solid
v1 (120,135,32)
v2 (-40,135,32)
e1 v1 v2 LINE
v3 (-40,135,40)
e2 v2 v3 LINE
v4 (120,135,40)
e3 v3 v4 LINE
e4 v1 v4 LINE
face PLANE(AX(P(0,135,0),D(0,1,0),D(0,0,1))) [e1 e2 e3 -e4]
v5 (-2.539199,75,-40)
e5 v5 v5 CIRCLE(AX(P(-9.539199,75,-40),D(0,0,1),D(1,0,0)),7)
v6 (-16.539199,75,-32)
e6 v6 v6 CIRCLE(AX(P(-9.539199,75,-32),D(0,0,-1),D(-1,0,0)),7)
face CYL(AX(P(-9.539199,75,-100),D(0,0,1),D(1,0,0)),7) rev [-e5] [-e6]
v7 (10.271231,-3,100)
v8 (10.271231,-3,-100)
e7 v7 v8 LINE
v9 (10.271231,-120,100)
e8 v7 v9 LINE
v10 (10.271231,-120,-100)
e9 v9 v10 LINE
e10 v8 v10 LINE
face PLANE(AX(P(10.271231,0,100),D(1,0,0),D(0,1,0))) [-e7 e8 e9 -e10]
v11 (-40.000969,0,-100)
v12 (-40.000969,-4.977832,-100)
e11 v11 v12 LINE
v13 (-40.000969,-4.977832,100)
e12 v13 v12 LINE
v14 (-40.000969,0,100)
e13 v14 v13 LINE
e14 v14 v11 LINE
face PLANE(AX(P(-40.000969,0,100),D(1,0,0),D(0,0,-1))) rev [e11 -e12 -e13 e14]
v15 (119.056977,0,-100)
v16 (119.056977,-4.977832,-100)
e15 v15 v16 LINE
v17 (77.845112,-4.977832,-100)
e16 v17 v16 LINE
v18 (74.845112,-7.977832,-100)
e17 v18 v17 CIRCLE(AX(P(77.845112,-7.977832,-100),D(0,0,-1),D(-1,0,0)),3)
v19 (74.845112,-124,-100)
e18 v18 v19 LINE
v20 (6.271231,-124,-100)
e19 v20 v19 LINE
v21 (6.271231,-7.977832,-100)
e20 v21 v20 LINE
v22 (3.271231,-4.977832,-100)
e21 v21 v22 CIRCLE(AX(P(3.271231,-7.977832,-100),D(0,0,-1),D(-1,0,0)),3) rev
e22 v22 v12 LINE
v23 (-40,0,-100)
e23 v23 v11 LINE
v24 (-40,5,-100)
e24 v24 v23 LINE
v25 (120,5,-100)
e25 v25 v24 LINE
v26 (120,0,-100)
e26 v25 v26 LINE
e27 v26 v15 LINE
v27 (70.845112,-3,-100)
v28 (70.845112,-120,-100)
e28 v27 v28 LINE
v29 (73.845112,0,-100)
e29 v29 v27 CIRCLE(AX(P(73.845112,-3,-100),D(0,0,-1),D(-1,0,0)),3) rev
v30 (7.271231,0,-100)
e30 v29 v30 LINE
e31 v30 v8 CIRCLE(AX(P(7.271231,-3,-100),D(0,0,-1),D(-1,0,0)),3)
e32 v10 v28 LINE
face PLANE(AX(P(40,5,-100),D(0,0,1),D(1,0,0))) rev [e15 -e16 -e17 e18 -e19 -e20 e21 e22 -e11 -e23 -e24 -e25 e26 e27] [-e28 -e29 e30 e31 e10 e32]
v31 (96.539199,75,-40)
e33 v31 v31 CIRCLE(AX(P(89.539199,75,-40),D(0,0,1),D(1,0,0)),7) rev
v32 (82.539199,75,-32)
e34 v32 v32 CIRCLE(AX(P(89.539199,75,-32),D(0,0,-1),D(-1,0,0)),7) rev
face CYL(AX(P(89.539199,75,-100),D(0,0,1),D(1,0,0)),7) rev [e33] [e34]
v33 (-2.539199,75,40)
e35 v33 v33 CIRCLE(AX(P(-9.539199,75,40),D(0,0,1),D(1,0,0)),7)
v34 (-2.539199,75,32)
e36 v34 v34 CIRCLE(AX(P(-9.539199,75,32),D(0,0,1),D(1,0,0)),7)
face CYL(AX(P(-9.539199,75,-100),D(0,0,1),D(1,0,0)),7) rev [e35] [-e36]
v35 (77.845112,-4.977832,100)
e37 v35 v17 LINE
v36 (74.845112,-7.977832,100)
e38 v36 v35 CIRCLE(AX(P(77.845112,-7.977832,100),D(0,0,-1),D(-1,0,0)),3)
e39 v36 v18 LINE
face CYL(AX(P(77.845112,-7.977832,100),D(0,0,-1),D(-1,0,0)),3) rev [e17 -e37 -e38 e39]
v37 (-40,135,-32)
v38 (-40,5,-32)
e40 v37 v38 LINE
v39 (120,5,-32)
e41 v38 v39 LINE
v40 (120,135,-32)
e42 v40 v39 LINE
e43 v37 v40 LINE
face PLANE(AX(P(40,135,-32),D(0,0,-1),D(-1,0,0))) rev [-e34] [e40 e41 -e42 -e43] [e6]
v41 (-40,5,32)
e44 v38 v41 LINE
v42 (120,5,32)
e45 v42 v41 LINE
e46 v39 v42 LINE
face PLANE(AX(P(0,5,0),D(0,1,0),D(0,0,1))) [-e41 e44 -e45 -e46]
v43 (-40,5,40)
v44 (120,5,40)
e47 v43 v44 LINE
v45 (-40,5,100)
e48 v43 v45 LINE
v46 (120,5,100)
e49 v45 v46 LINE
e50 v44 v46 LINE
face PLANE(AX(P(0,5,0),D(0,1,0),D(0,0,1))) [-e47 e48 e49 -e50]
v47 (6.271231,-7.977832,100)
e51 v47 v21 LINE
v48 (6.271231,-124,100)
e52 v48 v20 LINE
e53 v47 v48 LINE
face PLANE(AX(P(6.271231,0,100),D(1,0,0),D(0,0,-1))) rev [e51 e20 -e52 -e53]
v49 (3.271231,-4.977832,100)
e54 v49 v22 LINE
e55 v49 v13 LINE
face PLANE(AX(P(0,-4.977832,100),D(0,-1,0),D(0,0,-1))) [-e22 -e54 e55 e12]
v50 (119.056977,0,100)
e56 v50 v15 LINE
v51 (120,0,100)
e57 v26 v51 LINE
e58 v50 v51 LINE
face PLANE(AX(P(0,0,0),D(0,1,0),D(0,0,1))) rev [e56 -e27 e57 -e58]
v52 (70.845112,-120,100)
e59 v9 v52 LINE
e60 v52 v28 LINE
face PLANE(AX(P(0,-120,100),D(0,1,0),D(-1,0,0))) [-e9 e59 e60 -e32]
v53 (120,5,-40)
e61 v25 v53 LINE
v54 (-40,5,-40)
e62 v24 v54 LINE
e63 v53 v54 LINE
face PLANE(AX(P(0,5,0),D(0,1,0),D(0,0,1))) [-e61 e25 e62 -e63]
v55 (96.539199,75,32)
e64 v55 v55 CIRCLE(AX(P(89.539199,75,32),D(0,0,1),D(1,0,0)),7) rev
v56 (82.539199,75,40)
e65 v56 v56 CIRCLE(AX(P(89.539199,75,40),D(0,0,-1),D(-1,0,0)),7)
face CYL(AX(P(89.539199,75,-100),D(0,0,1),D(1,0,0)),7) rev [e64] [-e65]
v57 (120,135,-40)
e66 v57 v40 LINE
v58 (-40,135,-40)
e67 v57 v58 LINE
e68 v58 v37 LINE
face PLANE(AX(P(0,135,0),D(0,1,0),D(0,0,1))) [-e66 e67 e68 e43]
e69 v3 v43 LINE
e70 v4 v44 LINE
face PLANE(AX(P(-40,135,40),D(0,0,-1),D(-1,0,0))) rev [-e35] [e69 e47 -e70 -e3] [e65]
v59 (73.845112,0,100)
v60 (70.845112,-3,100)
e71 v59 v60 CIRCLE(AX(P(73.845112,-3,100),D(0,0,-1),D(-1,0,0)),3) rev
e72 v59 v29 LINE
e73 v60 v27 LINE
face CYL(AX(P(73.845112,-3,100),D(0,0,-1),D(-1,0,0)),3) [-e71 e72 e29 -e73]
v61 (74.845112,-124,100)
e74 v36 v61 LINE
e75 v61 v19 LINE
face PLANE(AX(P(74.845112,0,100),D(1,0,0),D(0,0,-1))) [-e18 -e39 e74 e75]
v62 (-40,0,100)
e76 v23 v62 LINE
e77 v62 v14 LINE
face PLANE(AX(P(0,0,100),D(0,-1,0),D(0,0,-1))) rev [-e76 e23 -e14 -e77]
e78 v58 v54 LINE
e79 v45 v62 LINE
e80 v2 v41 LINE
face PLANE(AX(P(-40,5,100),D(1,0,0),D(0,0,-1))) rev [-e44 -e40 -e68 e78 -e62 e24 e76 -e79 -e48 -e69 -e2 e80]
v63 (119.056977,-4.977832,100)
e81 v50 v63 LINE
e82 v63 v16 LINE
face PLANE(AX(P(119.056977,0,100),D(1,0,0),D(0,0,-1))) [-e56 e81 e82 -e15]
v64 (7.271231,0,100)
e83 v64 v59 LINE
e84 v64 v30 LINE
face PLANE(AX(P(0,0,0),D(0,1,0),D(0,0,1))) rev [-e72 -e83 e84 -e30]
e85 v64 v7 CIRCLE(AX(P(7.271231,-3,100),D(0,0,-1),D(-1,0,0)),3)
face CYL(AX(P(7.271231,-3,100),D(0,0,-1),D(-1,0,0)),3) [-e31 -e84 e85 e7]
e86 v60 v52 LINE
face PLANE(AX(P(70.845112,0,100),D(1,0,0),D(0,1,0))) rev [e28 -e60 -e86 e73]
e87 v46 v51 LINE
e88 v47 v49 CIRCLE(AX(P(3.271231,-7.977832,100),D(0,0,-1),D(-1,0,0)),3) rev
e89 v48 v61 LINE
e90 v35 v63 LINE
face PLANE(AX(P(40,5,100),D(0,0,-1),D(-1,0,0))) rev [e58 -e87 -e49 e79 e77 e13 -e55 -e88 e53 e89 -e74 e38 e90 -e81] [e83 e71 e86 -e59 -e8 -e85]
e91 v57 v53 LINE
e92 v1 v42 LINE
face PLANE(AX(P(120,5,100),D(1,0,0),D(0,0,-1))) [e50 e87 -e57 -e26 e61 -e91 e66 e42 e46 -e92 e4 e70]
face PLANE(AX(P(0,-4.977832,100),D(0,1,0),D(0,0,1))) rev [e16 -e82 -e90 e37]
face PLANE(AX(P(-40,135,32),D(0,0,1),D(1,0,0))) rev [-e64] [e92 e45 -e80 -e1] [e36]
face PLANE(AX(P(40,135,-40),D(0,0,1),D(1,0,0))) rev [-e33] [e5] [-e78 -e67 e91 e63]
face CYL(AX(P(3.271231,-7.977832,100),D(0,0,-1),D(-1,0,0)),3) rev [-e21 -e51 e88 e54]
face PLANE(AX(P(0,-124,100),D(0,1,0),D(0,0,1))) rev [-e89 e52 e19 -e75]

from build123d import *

# Parameters (mm, degrees)
CROQUIS1_W              = 80
CROQUIS1_H              = 200
SALIENTE_EXTRUIR1_DEPTH = 5
CROQUIS2_W              = 80
CROQUIS2_H              = 8
SALIENTE_EXTRUIR2_DEPTH = 130
CROQUIS3_R              = 7
CORTAR_EXTRUIR1_DEPTH   = 199.557296517
SALIENTE_EXTRUIR3_DEPTH = 200


with BuildPart() as part:
    # Croquis1 → Saliente-Extruir1 (new body)
    with BuildSketch(Plane(origin=(0, 0, 0), x_dir=(1, 0, 0), z_dir=(0, 1, 0))):
        Rectangle(CROQUIS1_W, CROQUIS1_H)
    saliente_extruir1 = extrude(amount=SALIENTE_EXTRUIR1_DEPTH)

    # Croquis2 → Saliente-Extruir2 (add)
    with BuildSketch(Plane(origin=(0, 5, 0), x_dir=(1, 0, 0), z_dir=(0, 1, 0))):
        with Locations((0, -36)):
            Rectangle(CROQUIS2_W, CROQUIS2_H)
        with Locations((0, 36)):
            Rectangle(CROQUIS2_W, CROQUIS2_H)
    saliente_extruir2 = extrude(amount=SALIENTE_EXTRUIR2_DEPTH)

    # Croquis3 → Cortar-Extruir1 (cut, through all)
    with BuildSketch(Plane.XY.offset(40)):
        with Locations((-9.539199318, 75)):
            Circle(CROQUIS3_R)
    cortar_extruir1 = extrude(amount=-CORTAR_EXTRUIR1_DEPTH, mode=Mode.SUBTRACT)

    # Simetría1: Saliente-Extruir1, Saliente-Extruir2, Cortar-Extruir1 across plane
    add(saliente_extruir1.mirror(Plane(origin=(40, 5, 100), x_dir=(0, 0, 1), z_dir=(-1, 0, 0))))
    add(saliente_extruir2.mirror(Plane(origin=(40, 5, 100), x_dir=(0, 0, 1), z_dir=(-1, 0, 0))))
    add(cortar_extruir1.mirror(Plane(origin=(40, 5, 100), x_dir=(0, 0, 1), z_dir=(-1, 0, 0))), mode=Mode.SUBTRACT)

    # Croquis4 → Saliente-Extruir3 (add)
    with BuildSketch(Plane(origin=(0, 0, -100), x_dir=(-1, 0, 0), z_dir=(0, 0, -1))):
        with BuildLine():
            Line((-6.271231435, -124), (-6.271231435, -7.977831946))
            ThreePointArc((-6.271231435, -7.977831946), (-5.392551778, -5.856511602), (-3.271231435, -4.977831946))
            Line((-3.271231435, -4.977831946), (40.000969046, -4.977831946))
            Line((40.000969046, -4.977831946), (40.000969046, 0))
            Line((40.000969046, 0), (40, 0))
            Line((40, 0), (-7.271231435, 0))
            ThreePointArc((-7.271231435, 0), (-9.392551778, -0.878679656), (-10.271231435, -3))
            Line((-10.271231435, -3), (-10.271231435, -4.977831946))
            Line((-10.271231435, -4.977831946), (-10.271231435, -120))
            Line((-10.271231435, -120), (-70.845112341, -120))
            Line((-70.845112341, -120), (-70.845112341, -4.977831946))
            Line((-70.845112341, -4.977831946), (-70.845112341, -3))
            ThreePointArc((-70.845112341, -3), (-71.723791998, -0.878679656), (-73.845112341, 0))
            Line((-73.845112341, 0), (-119.056976736, 0))
            Line((-119.056976736, 0), (-119.056976736, -4.977831946))
            Line((-119.056976736, -4.977831946), (-77.845112341, -4.977831946))
            ThreePointArc((-77.845112341, -4.977831946), (-75.723791998, -5.856511602), (-74.845112341, -7.977831946))
            Line((-74.845112341, -7.977831946), (-74.845112341, -124))
            Line((-74.845112341, -124), (-6.271231435, -124))
        make_face()
    extrude(amount=-SALIENTE_EXTRUIR3_DEPTH)


solid = part.part
